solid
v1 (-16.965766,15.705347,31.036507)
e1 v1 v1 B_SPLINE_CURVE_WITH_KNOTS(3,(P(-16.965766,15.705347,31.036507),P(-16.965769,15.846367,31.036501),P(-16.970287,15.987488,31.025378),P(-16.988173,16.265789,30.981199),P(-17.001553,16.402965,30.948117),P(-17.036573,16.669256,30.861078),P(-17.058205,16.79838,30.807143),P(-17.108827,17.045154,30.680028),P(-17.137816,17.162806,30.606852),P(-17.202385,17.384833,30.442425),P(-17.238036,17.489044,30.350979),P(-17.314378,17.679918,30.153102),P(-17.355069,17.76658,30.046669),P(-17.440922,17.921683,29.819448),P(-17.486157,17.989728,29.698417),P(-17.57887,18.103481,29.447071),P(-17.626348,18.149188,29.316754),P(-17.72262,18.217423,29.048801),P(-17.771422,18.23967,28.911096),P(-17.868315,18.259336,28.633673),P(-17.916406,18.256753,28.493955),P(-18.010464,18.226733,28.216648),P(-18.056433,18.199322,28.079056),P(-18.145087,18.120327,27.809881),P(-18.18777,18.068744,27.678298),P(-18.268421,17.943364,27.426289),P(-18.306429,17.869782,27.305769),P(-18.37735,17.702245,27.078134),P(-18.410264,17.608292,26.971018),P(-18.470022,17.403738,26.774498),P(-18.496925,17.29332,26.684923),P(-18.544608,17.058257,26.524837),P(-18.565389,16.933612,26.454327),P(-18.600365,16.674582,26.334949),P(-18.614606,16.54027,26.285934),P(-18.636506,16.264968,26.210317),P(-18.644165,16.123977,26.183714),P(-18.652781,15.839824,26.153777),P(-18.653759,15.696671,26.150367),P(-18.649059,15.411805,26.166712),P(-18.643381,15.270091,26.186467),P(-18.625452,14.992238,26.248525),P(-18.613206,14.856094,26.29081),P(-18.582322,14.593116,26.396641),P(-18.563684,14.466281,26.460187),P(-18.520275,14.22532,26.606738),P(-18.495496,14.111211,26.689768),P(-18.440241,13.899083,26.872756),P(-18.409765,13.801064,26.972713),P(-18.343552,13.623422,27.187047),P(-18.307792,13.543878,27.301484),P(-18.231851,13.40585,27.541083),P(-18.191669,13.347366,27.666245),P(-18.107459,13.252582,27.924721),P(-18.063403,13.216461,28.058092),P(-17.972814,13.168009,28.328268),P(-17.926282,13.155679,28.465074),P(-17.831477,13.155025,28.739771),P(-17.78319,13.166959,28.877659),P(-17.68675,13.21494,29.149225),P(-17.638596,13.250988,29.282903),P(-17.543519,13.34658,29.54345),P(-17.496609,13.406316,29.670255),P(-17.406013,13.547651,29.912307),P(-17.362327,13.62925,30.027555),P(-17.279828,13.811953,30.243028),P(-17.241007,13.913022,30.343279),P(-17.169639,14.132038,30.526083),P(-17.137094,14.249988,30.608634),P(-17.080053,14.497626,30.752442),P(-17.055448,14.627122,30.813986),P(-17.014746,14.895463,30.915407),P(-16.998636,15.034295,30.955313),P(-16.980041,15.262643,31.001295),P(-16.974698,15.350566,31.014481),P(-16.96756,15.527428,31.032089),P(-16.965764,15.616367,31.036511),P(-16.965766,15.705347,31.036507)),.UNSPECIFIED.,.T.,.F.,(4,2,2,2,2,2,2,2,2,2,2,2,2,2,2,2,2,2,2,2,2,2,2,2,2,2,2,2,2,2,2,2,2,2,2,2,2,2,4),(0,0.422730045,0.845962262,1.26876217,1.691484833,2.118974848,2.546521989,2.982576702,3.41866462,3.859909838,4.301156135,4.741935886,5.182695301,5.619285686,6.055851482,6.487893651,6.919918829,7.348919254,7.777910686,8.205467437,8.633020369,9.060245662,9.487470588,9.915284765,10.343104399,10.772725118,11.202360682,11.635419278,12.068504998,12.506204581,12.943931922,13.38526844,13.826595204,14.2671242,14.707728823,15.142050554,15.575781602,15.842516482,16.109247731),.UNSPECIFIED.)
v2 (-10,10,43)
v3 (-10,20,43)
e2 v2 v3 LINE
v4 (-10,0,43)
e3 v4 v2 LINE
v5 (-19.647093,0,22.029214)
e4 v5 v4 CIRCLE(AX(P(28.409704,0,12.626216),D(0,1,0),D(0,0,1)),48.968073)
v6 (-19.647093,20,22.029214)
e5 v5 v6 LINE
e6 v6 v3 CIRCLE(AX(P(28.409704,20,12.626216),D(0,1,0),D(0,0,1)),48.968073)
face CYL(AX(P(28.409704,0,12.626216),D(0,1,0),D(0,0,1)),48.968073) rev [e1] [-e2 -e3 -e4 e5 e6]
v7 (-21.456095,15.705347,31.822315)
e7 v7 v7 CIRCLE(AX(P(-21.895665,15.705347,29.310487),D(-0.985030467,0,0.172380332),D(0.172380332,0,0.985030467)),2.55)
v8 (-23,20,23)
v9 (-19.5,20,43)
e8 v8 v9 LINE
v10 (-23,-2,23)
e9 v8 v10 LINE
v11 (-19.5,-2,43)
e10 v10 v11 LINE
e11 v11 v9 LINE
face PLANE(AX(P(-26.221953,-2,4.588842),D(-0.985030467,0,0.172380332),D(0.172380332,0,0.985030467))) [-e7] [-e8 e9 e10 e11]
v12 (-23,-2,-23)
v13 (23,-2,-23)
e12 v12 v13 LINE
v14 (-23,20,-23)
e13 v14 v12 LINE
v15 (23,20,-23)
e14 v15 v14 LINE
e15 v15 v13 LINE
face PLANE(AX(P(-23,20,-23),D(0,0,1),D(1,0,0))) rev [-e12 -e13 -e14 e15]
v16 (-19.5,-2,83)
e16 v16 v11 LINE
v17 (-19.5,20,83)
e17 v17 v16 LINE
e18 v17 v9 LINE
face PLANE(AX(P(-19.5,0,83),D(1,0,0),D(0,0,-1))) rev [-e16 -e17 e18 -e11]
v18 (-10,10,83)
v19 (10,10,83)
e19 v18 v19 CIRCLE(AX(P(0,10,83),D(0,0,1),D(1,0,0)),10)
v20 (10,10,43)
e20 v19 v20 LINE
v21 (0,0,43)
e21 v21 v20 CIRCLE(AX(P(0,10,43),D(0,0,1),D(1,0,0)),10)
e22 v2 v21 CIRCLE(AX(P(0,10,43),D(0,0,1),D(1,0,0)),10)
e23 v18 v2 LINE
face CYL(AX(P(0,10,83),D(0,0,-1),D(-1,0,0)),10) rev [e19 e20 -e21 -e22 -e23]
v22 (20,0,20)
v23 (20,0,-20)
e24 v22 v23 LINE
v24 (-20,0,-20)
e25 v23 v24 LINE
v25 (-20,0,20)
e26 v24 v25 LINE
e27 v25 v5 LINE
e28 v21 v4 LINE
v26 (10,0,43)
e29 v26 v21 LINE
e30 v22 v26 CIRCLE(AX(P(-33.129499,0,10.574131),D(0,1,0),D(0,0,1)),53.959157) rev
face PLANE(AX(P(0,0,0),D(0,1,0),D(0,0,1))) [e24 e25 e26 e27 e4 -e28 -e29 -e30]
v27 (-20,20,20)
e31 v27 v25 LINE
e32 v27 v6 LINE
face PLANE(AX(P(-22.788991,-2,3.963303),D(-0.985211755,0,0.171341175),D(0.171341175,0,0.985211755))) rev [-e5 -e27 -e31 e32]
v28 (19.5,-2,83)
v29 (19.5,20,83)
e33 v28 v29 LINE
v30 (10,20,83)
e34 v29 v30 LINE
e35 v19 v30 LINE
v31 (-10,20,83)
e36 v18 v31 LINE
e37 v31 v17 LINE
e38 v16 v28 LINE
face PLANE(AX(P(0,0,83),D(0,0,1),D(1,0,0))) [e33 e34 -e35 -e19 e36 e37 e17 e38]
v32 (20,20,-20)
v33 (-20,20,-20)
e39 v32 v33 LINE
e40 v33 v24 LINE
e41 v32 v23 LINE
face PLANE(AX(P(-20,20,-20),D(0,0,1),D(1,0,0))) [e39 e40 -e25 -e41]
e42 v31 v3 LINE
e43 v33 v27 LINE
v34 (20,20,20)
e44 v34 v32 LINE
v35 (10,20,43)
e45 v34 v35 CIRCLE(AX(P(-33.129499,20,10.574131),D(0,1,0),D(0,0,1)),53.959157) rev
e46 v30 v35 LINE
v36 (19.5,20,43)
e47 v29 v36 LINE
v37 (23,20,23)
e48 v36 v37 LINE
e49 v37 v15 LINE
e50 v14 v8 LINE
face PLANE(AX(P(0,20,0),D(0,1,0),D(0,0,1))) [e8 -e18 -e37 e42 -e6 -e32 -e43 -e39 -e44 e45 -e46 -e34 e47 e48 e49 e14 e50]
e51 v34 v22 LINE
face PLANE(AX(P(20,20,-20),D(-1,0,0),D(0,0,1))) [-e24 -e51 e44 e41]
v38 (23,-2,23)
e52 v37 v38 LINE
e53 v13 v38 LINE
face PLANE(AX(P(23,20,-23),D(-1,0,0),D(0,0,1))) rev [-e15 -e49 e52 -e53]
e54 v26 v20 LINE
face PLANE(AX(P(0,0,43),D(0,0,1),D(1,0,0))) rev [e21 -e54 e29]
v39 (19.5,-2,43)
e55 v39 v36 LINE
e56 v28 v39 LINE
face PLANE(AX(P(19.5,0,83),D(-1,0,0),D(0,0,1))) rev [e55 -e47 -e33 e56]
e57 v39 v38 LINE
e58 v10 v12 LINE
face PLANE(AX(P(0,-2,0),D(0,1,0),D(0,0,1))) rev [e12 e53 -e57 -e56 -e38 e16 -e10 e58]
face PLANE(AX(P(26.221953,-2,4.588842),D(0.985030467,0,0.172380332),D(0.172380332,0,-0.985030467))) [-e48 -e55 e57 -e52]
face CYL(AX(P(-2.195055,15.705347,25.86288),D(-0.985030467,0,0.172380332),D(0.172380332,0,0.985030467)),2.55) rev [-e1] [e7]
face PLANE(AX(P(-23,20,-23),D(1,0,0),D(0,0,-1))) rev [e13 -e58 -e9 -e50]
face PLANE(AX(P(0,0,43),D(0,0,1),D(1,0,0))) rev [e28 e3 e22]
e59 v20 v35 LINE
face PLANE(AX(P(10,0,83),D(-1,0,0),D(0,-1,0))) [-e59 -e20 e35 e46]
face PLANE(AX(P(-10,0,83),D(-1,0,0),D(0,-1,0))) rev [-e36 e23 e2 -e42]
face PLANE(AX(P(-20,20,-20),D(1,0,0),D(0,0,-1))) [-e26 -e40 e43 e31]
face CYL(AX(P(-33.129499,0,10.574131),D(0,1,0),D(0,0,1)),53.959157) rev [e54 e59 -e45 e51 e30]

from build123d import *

# Parameters (mm, degrees)
SKETCH1_W           = 46
SKETCH1_H           = 46
SKETCH1_W_2         = 40
SKETCH1_H_2         = 40
BOSS_EXTRUDE1_DEPTH = 20
SKETCH2_W           = 46
SKETCH2_H           = 46
BOSS_EXTRUDE2_DEPTH = 2
BOSS_EXTRUDE3_DEPTH = 22
CUT_EXTRUDE1_DEPTH  = 20
BOSS_EXTRUDE5_DEPTH = 2
BOSS_EXTRUDE6_DEPTH = 40
BOSS_EXTRUDE8_DEPTH = 20
SKETCH12_R          = 2.55
CUT_EXTRUDE4_DEPTH  = 20


with BuildPart() as part:
    # Sketch1 → Boss-Extrude1 (new body)
    with BuildSketch(Plane(origin=(0, 0, 0), x_dir=(1, 0, 0), z_dir=(0, 1, 0))):
        Rectangle(SKETCH1_W, SKETCH1_H)
        Rectangle(SKETCH1_W_2, SKETCH1_H_2, mode=Mode.SUBTRACT)
    extrude(amount=BOSS_EXTRUDE1_DEPTH)

    # Sketch2 → Boss-Extrude2 (add)
    with BuildSketch(Plane.XZ):
        Rectangle(SKETCH2_W, SKETCH2_H)
    extrude(amount=BOSS_EXTRUDE2_DEPTH)

    # Sketch3 → Boss-Extrude3 (add)
    with BuildSketch(Plane(origin=(0, 20, 0), x_dir=(1, 0, 0), z_dir=(0, 1, 0))):
        Polygon((-16, -43), (-19.47826087, -23), (-23, -23), (-19.5, -43), align=None)
        Polygon((23, -23), (19.47826087, -23), (16, -43), (19.5, -43), align=None)
    extrude(amount=-BOSS_EXTRUDE3_DEPTH)

    # Sketch3<3> → Cut-Extrude1 (cut)
    with BuildSketch(Plane(origin=(0, 20, 0), x_dir=(1, 0, 0), z_dir=(0, 1, 0))):
        Polygon((20, -20), (-20, -20), (-19.47826087, -23), (19.47826087, -23), align=None)
    extrude(amount=-CUT_EXTRUDE1_DEPTH, mode=Mode.SUBTRACT)

    # Sketch5 → Boss-Extrude5 (add)
    with BuildSketch(Plane.XZ.offset(2)):
        Polygon((-16, 43), (-19.47826087, 23), (19.47826087, 23), (16, 43), align=None)
    extrude(amount=-BOSS_EXTRUDE5_DEPTH)

    # Sketch6 → Boss-Extrude6 (add)
    with BuildSketch(Plane.XY.offset(43)):
        with BuildLine():
            Line((-10, 10), (-10, 20))
            Line((-10, 20), (-19.5, 20))
            Line((-19.5, 20), (-19.5, -2))
            Line((-19.5, -2), (19.5, -2))
            Line((19.5, -2), (19.5, 20))
            Line((19.5, 20), (10, 20))
            Line((10, 20), (10, 10))
            ThreePointArc((10, 10), (0, 0), (-10, 10))
        make_face()
    extrude(amount=BOSS_EXTRUDE6_DEPTH)

    # Sketch10 → Boss-Extrude8 (add)
    with BuildSketch(Plane(origin=(0, 20, 0), x_dir=(1, 0, 0), z_dir=(0, 1, 0))):
        with BuildLine():
            ThreePointArc((-10, -43), (-16.076894226, -33.091178776), (-19.647093187, -22.029214175))
            Line((-19.647093187, -22.029214175), (-16, -43))
            Line((-16, -43), (-10, -43))
        make_face()
        with BuildLine():
            Line((16, -43), (20, -20))
            ThreePointArc((20, -20), (16.354828561, -32.089055896), (10, -43))
            Line((10, -43), (16, -43))
        make_face()
    extrude(amount=-BOSS_EXTRUDE8_DEPTH)

    # Sketch12 → Cut-Extrude4 (cut)
    with BuildSketch(Plane(origin=(-26.221952699, 0, 4.588841722), x_dir=(0.17238033175224893, 0, 0.9850304671557041), z_dir=(-0.9850304671557042, 0, 0.17238033175224893))):
        with Locations((25.097340794, 15.70534694)):
            Circle(SKETCH12_R)
    extrude(amount=-CUT_EXTRUDE4_DEPTH, mode=Mode.SUBTRACT)


solid = part.part
